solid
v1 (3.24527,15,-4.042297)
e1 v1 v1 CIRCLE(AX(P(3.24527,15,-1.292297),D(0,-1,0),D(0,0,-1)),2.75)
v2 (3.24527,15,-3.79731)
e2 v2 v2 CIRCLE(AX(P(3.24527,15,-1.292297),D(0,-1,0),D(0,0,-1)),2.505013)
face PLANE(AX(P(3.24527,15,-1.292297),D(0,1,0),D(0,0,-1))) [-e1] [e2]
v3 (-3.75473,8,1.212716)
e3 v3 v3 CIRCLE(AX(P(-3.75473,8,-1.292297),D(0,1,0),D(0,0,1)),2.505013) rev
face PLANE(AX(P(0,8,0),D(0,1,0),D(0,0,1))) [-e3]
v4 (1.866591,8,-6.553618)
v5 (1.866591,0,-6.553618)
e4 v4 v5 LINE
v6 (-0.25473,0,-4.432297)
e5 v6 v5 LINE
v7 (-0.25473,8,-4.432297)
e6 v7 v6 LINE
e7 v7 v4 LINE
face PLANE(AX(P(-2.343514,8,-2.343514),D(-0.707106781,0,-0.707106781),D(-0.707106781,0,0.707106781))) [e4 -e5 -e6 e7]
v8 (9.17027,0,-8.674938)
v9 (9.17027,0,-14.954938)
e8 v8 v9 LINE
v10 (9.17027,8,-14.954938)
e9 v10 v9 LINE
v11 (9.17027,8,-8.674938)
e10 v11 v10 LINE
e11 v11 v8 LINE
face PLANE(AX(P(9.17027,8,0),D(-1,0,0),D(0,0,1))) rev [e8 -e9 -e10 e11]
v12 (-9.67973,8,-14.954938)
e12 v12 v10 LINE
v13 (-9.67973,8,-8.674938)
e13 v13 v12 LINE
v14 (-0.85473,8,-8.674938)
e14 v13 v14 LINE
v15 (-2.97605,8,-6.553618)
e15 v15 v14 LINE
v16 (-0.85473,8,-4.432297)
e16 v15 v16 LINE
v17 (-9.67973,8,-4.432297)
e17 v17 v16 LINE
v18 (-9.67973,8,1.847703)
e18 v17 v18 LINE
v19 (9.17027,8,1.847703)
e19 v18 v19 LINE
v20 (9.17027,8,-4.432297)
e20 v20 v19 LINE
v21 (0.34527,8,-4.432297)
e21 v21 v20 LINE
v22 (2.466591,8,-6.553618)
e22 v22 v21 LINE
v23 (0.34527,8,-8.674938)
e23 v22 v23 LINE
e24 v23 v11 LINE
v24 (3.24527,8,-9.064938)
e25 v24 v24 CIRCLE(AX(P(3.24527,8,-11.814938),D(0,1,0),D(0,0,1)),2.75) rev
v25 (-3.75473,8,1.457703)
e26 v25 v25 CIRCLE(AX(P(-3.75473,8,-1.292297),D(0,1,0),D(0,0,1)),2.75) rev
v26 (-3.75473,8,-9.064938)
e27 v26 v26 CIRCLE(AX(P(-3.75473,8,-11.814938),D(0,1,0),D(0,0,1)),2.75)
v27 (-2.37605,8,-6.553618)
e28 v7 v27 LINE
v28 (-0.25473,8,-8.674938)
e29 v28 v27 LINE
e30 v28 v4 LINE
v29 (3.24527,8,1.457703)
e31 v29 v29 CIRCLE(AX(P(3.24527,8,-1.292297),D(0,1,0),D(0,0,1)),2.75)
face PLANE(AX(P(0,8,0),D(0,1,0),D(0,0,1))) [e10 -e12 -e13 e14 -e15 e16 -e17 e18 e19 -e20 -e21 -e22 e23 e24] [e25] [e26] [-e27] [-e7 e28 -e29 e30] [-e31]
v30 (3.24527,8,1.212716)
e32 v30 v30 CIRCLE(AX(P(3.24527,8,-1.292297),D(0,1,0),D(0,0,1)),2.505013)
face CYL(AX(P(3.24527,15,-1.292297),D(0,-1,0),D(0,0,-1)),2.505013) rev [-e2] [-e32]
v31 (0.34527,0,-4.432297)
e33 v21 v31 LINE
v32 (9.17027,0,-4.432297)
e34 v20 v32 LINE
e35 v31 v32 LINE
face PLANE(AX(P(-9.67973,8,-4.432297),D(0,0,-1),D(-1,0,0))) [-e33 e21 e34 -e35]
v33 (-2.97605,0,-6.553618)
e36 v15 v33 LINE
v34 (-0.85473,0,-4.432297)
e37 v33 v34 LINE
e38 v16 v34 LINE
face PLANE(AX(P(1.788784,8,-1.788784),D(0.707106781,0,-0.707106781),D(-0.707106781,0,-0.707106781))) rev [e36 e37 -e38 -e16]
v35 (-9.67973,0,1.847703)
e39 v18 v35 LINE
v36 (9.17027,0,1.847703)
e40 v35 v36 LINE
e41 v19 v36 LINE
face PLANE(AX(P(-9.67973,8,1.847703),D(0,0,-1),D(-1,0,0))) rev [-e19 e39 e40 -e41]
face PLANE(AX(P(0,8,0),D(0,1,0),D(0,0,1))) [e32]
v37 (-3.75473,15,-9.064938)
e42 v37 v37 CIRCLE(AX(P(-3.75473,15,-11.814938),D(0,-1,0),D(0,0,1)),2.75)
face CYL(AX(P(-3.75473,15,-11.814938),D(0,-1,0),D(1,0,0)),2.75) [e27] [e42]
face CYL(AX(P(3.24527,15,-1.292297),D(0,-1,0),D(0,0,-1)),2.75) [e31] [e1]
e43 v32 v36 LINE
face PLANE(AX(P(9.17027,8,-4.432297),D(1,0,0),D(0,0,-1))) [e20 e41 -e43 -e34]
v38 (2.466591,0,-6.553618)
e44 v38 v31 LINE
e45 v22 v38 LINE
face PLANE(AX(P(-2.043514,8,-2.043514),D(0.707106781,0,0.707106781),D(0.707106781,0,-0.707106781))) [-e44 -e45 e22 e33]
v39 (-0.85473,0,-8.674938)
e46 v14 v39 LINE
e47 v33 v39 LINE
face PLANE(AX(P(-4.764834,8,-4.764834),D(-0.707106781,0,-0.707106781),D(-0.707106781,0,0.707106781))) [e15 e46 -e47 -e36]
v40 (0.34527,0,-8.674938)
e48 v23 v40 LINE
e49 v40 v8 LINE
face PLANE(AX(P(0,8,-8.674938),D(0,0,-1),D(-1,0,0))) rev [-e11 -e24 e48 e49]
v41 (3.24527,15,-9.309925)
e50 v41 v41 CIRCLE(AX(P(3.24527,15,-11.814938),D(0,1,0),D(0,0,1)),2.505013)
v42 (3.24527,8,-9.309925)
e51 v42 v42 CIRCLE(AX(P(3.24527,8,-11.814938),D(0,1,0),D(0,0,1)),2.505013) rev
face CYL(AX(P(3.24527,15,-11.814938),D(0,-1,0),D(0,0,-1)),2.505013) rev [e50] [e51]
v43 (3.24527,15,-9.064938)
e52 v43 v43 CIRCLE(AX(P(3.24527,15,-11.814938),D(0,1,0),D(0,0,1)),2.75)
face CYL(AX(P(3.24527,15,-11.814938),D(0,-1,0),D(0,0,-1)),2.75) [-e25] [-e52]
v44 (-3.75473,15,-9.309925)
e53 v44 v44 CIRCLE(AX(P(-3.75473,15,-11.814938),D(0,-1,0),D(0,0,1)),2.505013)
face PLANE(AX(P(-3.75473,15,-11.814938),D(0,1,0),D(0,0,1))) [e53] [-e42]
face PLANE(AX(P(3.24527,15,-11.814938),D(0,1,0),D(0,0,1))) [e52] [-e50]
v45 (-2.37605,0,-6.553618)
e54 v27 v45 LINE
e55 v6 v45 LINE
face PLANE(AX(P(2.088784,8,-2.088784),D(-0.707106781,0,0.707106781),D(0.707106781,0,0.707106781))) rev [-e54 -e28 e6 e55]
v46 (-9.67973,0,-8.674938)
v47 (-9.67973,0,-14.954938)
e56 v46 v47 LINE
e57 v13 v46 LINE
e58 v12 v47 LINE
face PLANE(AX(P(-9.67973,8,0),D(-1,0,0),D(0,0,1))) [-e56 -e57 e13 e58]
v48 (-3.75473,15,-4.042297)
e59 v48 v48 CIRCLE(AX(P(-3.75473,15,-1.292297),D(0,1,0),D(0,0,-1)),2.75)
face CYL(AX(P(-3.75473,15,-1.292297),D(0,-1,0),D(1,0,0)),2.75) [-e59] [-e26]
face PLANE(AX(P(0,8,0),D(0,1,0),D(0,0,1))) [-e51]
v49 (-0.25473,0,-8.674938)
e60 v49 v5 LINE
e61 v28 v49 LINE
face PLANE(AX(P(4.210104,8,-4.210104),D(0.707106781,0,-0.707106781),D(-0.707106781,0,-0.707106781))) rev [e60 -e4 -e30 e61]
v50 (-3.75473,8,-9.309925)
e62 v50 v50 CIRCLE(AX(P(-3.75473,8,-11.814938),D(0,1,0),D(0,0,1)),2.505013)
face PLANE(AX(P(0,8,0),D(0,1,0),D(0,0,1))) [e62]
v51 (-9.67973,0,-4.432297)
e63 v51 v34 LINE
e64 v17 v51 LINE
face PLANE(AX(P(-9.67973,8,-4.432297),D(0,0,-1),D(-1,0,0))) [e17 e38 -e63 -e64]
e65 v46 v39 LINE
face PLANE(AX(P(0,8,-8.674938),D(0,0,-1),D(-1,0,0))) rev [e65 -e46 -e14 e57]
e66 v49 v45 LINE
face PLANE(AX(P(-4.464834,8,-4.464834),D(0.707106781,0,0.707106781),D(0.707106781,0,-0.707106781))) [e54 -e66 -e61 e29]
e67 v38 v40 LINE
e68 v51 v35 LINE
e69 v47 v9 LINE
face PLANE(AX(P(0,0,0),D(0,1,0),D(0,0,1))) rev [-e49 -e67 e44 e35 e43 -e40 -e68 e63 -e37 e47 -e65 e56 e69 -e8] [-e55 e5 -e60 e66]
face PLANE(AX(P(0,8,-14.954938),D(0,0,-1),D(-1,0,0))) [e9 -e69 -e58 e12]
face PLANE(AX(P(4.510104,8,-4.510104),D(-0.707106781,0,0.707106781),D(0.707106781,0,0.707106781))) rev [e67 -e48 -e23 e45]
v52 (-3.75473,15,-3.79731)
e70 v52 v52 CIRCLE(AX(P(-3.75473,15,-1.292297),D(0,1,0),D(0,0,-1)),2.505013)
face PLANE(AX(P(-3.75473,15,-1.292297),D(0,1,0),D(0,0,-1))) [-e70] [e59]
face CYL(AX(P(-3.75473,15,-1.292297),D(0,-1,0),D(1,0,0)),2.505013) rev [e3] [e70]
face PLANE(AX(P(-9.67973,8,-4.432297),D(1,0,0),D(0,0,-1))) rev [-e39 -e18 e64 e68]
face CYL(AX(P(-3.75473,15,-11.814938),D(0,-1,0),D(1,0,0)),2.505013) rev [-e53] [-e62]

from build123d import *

# Parameters (mm, degrees)
SKETCH1_W                 = 18.85
SKETCH1_H                 = 6.28
BOSS_EXTRUDE1_DEPTH       = 8
BOSS_EXTRUDE2_DEPTH       = 8
BOSS_EXTRUDE3_DEPTH       = 8
SKETCH2_R                 = 2.75
SKETCH2_R_2               = 2.505012867
BOSS_EXTRUDE5_DEPTH       = 15
MIRROR2_COPY_1_SKETCH_R   = 2.75
MIRROR2_COPY_1_SKETCH_R_2 = 2.505012867
MIRROR2_COPY_1_DEPTH      = 15


with BuildPart() as part:
    # Sketch1 → Boss-Extrude1 (new body)
    with BuildSketch(Plane(origin=(0, 0, 0), x_dir=(1, 0, 0), z_dir=(0, 1, 0))):
        with Locations((-0.25472973, 1.292297297)):
            Rectangle(SKETCH1_W, SKETCH1_H)
    extrude(amount=BOSS_EXTRUDE1_DEPTH)



with BuildPart() as body_2:
    # Sketch1<3> → Boss-Extrude2 (new body)
    with BuildSketch(Plane(origin=(0, 0, 0), x_dir=(1, 0, 0), z_dir=(0, 1, 0))):
        Polygon((-0.85472973, 8.674937984), (-0.25472973, 8.674937984), (0.34527027, 8.674937984), (9.17027027, 8.674937984), (9.17027027, 14.954937984), (-9.67972973, 14.954937984), (-9.67972973, 8.674937984), align=None)
    extrude(amount=BOSS_EXTRUDE2_DEPTH)


with BuildPart() as part_1:
    add(part.part)

    add(body_2.part)  # Boss-Extrude3 merges body 2
    # Sketch1<5> → Boss-Extrude3 (add)
    with BuildSketch(Plane(origin=(0, 0, 0), x_dir=(1, 0, 0), z_dir=(0, 1, 0))):
        Polygon((1.866590614, 6.553617641), (-0.25472973, 4.432297297), (0.34527027, 4.432297297), (2.466590614, 6.553617641), (0.34527027, 8.674937984), (-0.25472973, 8.674937984), align=None)
        Polygon((-0.85472973, 4.432297297), (-0.25472973, 4.432297297), (-2.376050073, 6.553617641), (-0.25472973, 8.674937984), (-0.85472973, 8.674937984), (-2.976050073, 6.553617641), align=None)
    extrude(amount=BOSS_EXTRUDE3_DEPTH)

    # Sketch2 → Boss-Extrude5 (add)
    with BuildSketch(Plane(origin=(0, 0, 0), x_dir=(1, 0, 0), z_dir=(0, 1, 0))):
        with Locations((3.24527027, 11.814937984)):
            Circle(SKETCH2_R)
        with Locations((3.24527027, 11.814937984)):
            Circle(SKETCH2_R_2, mode=Mode.SUBTRACT)
    boss_extrude5 = extrude(amount=BOSS_EXTRUDE5_DEPTH)

    # Mirror1: Boss-Extrude5 across plane
    add(boss_extrude5.mirror(Plane(origin=(-0.25472973, 0, 0), x_dir=(0, 0, 1), z_dir=(1, 0, 0))))

    # Mirror2: Boss-Extrude5 across plane
    add(boss_extrude5.mirror(Plane(origin=(0, 0, -6.553617641), x_dir=(1, 0, 0), z_dir=(0, 0, -1))))

    # Mirror2 copy 1 sketch → Mirror2 copy 1 (add)
    with BuildSketch(Plane(origin=(-0.509459459, 0, -13.107235282), x_dir=(-1, 0, 0), z_dir=(0, 1, 0))):
        with Locations((3.24527027, 11.814937984)):
            Circle(MIRROR2_COPY_1_SKETCH_R)
        with Locations((3.24527027, 11.814937984)):
            Circle(MIRROR2_COPY_1_SKETCH_R_2, mode=Mode.SUBTRACT)
    extrude(amount=MIRROR2_COPY_1_DEPTH)


solid = part_1.part
